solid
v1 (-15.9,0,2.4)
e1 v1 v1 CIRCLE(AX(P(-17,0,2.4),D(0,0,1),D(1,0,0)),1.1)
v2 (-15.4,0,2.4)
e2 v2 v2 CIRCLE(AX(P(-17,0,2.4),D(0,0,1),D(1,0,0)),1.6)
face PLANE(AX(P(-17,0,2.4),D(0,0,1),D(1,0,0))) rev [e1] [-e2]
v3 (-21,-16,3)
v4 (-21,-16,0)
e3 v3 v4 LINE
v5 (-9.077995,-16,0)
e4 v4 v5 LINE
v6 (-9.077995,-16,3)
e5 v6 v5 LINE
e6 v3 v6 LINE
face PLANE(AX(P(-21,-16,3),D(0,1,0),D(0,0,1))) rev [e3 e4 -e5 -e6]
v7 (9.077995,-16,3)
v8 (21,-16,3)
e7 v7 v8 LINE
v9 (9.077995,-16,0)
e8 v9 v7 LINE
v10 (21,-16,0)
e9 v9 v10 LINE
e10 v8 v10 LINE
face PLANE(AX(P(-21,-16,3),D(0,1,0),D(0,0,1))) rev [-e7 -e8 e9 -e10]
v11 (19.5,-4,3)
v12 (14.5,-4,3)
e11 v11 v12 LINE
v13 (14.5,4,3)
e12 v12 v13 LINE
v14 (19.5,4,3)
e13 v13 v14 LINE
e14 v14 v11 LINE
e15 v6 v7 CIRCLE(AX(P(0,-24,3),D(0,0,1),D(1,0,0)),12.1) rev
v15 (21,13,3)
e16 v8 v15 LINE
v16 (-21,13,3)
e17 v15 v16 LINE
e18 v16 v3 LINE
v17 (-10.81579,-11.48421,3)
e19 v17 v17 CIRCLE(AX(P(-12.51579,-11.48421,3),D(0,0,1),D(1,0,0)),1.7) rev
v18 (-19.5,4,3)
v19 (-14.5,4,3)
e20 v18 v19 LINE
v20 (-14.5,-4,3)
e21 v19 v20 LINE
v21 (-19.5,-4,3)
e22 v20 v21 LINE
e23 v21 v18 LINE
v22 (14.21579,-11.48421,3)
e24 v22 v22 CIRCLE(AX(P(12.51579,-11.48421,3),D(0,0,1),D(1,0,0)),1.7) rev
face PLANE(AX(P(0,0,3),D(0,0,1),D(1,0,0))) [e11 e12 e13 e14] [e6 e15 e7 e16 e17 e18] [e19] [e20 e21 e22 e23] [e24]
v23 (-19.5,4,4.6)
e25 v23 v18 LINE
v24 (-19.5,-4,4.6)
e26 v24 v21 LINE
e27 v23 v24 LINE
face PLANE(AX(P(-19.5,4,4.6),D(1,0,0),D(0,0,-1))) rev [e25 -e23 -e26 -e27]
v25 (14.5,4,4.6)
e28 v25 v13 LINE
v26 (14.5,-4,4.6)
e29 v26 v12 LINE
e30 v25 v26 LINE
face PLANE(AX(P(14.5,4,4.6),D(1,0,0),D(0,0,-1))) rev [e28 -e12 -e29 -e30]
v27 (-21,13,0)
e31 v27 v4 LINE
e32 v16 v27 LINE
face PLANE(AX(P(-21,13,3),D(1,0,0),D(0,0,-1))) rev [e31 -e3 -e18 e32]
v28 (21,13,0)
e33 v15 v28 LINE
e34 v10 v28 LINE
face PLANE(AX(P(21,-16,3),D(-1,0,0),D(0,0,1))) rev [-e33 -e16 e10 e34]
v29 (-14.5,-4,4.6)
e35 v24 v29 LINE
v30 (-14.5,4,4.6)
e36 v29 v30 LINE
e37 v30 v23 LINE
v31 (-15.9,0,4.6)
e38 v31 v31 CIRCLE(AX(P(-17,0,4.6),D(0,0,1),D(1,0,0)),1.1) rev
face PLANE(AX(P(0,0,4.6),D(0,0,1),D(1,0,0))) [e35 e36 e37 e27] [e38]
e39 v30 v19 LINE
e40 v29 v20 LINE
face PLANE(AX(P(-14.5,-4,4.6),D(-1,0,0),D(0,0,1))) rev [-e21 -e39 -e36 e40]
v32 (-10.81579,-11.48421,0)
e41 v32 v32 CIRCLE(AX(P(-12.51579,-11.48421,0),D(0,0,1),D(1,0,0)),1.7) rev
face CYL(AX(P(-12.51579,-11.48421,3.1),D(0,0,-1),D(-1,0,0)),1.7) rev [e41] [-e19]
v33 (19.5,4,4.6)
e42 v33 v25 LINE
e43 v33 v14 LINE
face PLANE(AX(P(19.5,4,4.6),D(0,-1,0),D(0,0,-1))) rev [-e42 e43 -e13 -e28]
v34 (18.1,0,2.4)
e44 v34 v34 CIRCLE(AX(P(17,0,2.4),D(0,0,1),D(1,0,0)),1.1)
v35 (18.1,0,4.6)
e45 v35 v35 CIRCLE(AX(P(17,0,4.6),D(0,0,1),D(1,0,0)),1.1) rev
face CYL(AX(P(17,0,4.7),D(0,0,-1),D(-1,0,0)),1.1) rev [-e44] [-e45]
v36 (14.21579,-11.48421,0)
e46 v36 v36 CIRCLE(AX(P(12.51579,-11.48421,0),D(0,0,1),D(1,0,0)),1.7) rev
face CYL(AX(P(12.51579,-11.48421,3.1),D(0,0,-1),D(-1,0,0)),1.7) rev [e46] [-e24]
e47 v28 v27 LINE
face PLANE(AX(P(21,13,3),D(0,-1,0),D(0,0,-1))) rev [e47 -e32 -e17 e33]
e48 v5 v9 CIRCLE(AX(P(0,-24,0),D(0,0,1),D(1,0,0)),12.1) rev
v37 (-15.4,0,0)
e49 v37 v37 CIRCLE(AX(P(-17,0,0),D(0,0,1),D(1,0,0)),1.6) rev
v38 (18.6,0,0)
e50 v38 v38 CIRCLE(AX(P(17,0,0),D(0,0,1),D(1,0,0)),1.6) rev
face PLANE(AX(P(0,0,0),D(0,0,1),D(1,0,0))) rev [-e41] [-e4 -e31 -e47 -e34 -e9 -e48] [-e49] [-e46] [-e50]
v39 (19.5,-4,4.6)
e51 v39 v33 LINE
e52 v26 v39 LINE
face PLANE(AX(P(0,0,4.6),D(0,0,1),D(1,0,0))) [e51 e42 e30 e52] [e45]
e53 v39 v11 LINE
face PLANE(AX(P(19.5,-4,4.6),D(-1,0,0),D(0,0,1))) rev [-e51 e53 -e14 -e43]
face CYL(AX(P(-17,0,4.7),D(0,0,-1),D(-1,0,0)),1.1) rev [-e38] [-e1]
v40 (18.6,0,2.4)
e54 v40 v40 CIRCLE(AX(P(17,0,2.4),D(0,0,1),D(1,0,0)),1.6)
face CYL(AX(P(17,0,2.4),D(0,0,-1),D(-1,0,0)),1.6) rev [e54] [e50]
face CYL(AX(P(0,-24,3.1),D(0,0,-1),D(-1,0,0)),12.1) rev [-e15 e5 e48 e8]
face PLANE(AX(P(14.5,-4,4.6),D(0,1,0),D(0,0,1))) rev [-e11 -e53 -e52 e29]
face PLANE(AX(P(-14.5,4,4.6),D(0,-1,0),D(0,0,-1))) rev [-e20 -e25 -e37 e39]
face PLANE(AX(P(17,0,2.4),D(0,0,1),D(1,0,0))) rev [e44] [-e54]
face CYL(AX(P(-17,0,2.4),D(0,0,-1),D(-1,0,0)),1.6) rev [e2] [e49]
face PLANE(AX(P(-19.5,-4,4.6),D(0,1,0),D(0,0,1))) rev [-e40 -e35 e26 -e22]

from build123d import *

# Parameters (mm, degrees)
MOUNTING_PLATE_SKETCH_W        = 42
MOUNTING_PLATE_SKETCH_H        = 29
MOUNTING_PLATE_DEPTH           = 3
AXLE_COLLAR_CLEARANCE_SKETCH_R = 12.1
AXLE_COLLAR_CLEARANCE_DEPTH    = 3.2
M3_CAP_BOLT_HOLE_1_SKETCH_R    = 1.7
M3_CAP_BOLT_HOLE_1_DEPTH       = 3.2
M3_CAP_BOLT_HOLE_2_SKETCH_R    = 1.7
M3_CAP_BOLT_HOLE_2_DEPTH       = 3.2
CLAMP_SEAT_1_SKETCH_W          = 5
CLAMP_SEAT_1_SKETCH_H          = 8
CLAMP_SEAT_1_DEPTH             = 1.7
M2_SCREW_CLEARANCE_1_SKETCH_R  = 1.1
M2_SCREW_CLEARANCE_1_DEPTH     = 4.8
M2_INSERT_POCKET_1_SKETCH_R    = 1.6
M2_INSERT_POCKET_1_DEPTH       = 2.5
CLAMP_SEAT_2_SKETCH_W          = 5
CLAMP_SEAT_2_SKETCH_H          = 8
CLAMP_SEAT_2_DEPTH             = 1.7
M2_SCREW_CLEARANCE_2_SKETCH_R  = 1.1
M2_SCREW_CLEARANCE_2_DEPTH     = 4.8
M2_INSERT_POCKET_2_SKETCH_R    = 1.6
M2_INSERT_POCKET_2_DEPTH       = 2.5


with BuildPart() as part:
    # Mounting Plate Sketch → Mounting Plate (new body)
    with BuildSketch(Plane.XY):
        with Locations((0, -1.5)):
            Rectangle(MOUNTING_PLATE_SKETCH_W, MOUNTING_PLATE_SKETCH_H)
    extrude(amount=MOUNTING_PLATE_DEPTH)

    # Axle Collar Clearance Sketch → Axle Collar Clearance (cut)
    with BuildSketch(Plane.XY.offset(-0.1)):
        with Locations((0, -24)):
            Circle(AXLE_COLLAR_CLEARANCE_SKETCH_R)
    extrude(amount=AXLE_COLLAR_CLEARANCE_DEPTH, mode=Mode.SUBTRACT)

    # M3 Cap Bolt Hole 1 Sketch → M3 Cap Bolt Hole 1 (cut)
    with BuildSketch(Plane.XY.offset(-0.1)):
        with Locations((-12.515790027, -11.484209973)):
            Circle(M3_CAP_BOLT_HOLE_1_SKETCH_R)
    extrude(amount=M3_CAP_BOLT_HOLE_1_DEPTH, mode=Mode.SUBTRACT)

    # M3 Cap Bolt Hole 2 Sketch → M3 Cap Bolt Hole 2 (cut)
    with BuildSketch(Plane.XY.offset(-0.1)):
        with Locations((12.515790027, -11.484209973)):
            Circle(M3_CAP_BOLT_HOLE_2_SKETCH_R)
    extrude(amount=M3_CAP_BOLT_HOLE_2_DEPTH, mode=Mode.SUBTRACT)

    # Clamp Seat 1 Sketch → Clamp Seat 1 (add)
    with BuildSketch(Plane.XY.offset(2.9)):
        with Locations((-17, 0)):
            Rectangle(CLAMP_SEAT_1_SKETCH_W, CLAMP_SEAT_1_SKETCH_H)
    extrude(amount=CLAMP_SEAT_1_DEPTH)

    # M2 Screw Clearance 1 Sketch → M2 Screw Clearance 1 (cut)
    with BuildSketch(Plane.XY.offset(-0.1)):
        with Locations((-17, 0)):
            Circle(M2_SCREW_CLEARANCE_1_SKETCH_R)
    extrude(amount=M2_SCREW_CLEARANCE_1_DEPTH, mode=Mode.SUBTRACT)

    # M2 Insert Pocket 1 Sketch → M2 Insert Pocket 1 (cut)
    with BuildSketch(Plane.XY.offset(-0.1)):
        with Locations((-17, 0)):
            Circle(M2_INSERT_POCKET_1_SKETCH_R)
    extrude(amount=M2_INSERT_POCKET_1_DEPTH, mode=Mode.SUBTRACT)

    # Clamp Seat 2 Sketch → Clamp Seat 2 (add)
    with BuildSketch(Plane.XY.offset(2.9)):
        with Locations((17, 0)):
            Rectangle(CLAMP_SEAT_2_SKETCH_W, CLAMP_SEAT_2_SKETCH_H)
    extrude(amount=CLAMP_SEAT_2_DEPTH)

    # M2 Screw Clearance 2 Sketch → M2 Screw Clearance 2 (cut)
    with BuildSketch(Plane.XY.offset(-0.1)):
        with Locations((17, 0)):
            Circle(M2_SCREW_CLEARANCE_2_SKETCH_R)
    extrude(amount=M2_SCREW_CLEARANCE_2_DEPTH, mode=Mode.SUBTRACT)

    # M2 Insert Pocket 2 Sketch → M2 Insert Pocket 2 (cut)
    with BuildSketch(Plane.XY.offset(-0.1)):
        with Locations((17, 0)):
            Circle(M2_INSERT_POCKET_2_SKETCH_R)
    extrude(amount=M2_INSERT_POCKET_2_DEPTH, mode=Mode.SUBTRACT)


solid = part.part
